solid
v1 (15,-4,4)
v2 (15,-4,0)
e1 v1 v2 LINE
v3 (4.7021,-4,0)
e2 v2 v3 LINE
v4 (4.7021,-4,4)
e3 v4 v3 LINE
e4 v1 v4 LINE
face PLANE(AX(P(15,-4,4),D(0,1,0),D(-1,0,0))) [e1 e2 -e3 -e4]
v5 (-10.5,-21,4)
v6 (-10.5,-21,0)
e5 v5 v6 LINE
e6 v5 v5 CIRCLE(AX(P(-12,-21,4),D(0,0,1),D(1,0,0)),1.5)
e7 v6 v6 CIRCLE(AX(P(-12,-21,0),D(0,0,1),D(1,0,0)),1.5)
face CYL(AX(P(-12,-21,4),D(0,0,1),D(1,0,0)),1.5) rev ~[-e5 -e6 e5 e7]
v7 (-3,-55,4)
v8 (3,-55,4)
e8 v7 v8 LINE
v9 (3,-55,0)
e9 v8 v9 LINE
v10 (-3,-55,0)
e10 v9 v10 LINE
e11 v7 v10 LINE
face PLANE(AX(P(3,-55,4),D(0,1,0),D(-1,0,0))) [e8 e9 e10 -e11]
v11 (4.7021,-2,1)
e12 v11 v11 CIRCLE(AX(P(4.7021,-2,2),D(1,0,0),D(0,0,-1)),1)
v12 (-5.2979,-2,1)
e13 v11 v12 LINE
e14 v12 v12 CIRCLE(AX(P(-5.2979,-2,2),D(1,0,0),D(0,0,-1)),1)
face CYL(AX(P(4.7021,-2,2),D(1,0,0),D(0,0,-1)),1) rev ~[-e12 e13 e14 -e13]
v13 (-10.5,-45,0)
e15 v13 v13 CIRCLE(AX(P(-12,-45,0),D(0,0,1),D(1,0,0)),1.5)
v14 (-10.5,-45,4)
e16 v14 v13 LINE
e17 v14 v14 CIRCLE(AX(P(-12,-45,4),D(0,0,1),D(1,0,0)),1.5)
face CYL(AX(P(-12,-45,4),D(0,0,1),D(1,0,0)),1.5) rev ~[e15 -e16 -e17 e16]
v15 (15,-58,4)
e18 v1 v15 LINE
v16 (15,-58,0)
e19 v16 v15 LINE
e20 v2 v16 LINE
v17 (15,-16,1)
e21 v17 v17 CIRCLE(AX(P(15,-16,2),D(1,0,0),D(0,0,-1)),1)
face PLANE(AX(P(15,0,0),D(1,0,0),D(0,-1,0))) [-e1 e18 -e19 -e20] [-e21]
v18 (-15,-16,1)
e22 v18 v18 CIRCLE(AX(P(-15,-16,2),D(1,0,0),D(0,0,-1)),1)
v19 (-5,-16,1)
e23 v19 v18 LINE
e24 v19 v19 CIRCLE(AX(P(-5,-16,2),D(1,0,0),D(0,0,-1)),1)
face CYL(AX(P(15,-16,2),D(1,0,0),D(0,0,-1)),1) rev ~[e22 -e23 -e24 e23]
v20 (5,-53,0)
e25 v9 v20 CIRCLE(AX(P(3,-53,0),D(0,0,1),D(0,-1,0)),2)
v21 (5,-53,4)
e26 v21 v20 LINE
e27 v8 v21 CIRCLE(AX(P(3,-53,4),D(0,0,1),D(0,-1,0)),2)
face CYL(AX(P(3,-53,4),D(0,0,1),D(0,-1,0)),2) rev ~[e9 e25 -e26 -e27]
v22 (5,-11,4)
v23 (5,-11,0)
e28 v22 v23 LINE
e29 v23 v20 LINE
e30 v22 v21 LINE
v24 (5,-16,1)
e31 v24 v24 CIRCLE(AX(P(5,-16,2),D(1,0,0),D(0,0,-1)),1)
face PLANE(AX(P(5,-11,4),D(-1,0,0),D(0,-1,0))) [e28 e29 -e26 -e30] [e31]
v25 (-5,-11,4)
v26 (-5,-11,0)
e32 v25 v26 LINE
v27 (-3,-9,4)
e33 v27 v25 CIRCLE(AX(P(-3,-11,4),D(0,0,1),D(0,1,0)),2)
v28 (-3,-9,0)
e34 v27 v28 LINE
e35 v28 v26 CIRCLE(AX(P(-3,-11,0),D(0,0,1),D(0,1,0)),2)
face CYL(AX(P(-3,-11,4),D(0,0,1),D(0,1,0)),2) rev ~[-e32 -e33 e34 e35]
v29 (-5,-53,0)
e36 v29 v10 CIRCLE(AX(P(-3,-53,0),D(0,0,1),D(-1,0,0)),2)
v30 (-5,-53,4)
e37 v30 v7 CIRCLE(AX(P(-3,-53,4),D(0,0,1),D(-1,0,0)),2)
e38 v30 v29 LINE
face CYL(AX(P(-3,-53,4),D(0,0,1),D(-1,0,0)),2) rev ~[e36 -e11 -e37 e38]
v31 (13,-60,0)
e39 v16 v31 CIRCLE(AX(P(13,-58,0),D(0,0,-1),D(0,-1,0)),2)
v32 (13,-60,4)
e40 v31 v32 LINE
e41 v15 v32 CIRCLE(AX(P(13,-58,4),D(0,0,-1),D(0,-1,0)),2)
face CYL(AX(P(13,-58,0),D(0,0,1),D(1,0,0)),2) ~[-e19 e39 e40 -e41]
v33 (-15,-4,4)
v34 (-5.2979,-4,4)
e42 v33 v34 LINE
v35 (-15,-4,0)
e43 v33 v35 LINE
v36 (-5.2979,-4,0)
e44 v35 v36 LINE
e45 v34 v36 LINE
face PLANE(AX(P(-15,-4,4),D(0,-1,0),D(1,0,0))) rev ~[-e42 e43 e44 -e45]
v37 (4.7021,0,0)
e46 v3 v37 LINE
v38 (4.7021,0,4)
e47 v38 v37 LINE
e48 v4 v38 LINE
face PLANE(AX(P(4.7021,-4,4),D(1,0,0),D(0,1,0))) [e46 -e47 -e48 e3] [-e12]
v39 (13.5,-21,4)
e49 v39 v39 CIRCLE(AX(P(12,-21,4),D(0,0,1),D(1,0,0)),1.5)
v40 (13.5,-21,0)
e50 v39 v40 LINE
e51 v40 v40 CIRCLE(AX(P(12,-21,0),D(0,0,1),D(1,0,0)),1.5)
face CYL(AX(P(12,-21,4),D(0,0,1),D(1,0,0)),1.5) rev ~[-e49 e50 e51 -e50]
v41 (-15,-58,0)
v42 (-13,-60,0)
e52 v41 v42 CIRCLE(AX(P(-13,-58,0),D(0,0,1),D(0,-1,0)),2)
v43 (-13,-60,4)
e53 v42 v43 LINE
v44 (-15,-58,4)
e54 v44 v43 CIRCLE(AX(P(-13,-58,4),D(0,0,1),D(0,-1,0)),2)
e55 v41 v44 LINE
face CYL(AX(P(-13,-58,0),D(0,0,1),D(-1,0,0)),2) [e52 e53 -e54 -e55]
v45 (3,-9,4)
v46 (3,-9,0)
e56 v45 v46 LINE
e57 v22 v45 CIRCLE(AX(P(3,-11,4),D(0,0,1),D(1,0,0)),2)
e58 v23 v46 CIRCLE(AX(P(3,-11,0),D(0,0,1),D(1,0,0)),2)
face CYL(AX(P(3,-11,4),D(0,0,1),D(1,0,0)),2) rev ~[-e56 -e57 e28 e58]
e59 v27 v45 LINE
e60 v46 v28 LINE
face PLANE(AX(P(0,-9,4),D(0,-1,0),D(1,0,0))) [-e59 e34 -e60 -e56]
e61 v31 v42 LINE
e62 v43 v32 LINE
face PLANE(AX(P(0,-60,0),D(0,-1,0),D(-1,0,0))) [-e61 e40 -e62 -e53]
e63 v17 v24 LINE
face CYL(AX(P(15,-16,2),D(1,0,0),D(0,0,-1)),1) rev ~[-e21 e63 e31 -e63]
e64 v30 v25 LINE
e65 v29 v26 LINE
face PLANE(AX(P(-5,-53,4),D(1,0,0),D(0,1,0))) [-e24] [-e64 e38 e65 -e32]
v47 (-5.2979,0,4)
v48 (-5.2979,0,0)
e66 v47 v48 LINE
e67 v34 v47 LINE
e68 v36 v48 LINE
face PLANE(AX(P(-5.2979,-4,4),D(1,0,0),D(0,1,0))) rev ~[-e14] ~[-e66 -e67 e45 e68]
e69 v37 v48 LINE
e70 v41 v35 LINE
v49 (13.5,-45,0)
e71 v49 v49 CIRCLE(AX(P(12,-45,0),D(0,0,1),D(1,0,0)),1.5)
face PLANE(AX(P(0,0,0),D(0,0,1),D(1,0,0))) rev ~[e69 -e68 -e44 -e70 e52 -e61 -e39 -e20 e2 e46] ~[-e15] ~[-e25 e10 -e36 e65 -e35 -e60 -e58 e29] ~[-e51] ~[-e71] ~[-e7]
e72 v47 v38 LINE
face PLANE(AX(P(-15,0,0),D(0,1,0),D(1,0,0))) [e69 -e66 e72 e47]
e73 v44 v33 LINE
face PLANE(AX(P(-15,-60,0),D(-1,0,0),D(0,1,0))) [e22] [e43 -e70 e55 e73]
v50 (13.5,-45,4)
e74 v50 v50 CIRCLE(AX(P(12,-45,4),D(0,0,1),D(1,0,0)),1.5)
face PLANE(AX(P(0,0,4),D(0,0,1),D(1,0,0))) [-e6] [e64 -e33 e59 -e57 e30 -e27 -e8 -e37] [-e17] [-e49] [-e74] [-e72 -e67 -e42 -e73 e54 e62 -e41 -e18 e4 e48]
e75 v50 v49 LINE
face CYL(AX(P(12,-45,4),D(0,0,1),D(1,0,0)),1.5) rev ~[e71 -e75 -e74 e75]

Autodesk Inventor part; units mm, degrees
ref_plane "YZ Plane" through (0, 0, 0) normal (1, 0, 0) x (0, 1, 0)
ref_plane "XZ Plane" through (0, 0, 0) normal (0, 1, 0) x (-1, 0, 0)
ref_plane "XY Plane" through (0, 0, 0) normal (0, 0, 1) x (1, 0, 0)
sketch "Sketch1" plane through (0, 0, 0) normal (0, 0, 1) x (1, 0, 0)
  line L0 (-15, 0) -> (15, 0)
  line L1 (15, 0) -> (15, -60)
  line L2 (15, -60) -> (-15, -60)
  line L3 (-15, -60) -> (-15, 0)
  line L4 (-21, 0) -> (21, 0) projected
  line L5 (0, -72) -> (0, 12) projected
  point P0 (0, 0)
  dimension "d0" = 30
  dimension "d1" = 60
  dimension "d4" = 15
extrude "Extrusion1" add sketch "Sketch1" along normal blind 4
sketch "Sketch2" plane through (0, 0, 4) normal (0, 0, 1) x (1, 0, 0)
  line L0 (15, 0) -> (-15, 0) projected
  line L1 (-15, 0) -> (-15, -60) projected
  line L2 (-15, -60) -> (15, -60) projected
  line L3 (15, -60) -> (15, 0) projected
  line L4 (0, -72) -> (0, 12) projected
  circle A0 centre (-12, -21) radius 1.5
  circle A1 centre (-12, -45) radius 1.5
  circle A2 centre (12, -21) radius 1.5
  circle A3 centre (12, -45) radius 1.5
  line L5 (15, 0) -> (-15, 0) projected
  line L6 (15, -60) -> (15, 0) projected
  line L7 (4.7021, 0) -> (15, 0)
  line L8 (15, 0) -> (15, -4)
  line L9 (15, -4) -> (4.7021, -4)
  line L10 (4.7021, -4) -> (4.7021, 0)
  line L11 (-15, 0) -> (-15, -60) projected
  line L12 (-5.2979, 0) -> (-15, 0)
  line L13 (-15, 0) -> (-15, -4)
  line L14 (-15, -4) -> (-5.2979, -4)
  line L15 (-5.2979, -4) -> (-5.2979, 0)
  line L16 (-3, -9) -> (3, -9)
  line L17 (5, -11) -> (5, -53)
  line L18 (3, -55) -> (-3, -55)
  line L19 (-5, -53) -> (-5, -11)
  arc A4 (-3, -9) -> (-5, -11) centre (-3, -11) ccw
  arc A5 (5, -11) -> (3, -9) centre (3, -11) ccw
  arc A6 (3, -55) -> (5, -53) centre (3, -53) ccw
  arc A7 (-5, -53) -> (-3, -55) centre (-3, -53) ccw
  point P0 (0, 0)
  dimension "d5" = 3
  dimension "d6" = 12
  dimension "d7" = 3
  dimension "d8" = 12
  dimension "d9" = 24
  dimension "d10" = 15
  dimension "d13" = 4
  dimension "d14" = 10
  dimension "d15" = 5
  dimension "d16" = 10
  dimension "d18" = 5
  dimension "d19" = 2
  dimension "d28" = 10
extrude "Extrusion2" cut sketch "Sketch2" against normal blind 4 contours L3 L9 L10 L0 | L15 L14 L1 L0 | L16 A5 L17 A6 L18 L4 | L4 L18 A7 L19 A4 L16 | A0 | A1 | A2 | A3
sketch "Sketch3" plane through (0, 0, 4) normal (0, 0, 1) x (1, 0, 0)
  point P0 (0, 0)
fillet "Fillet1" radius 2 2 edges at (15, -60, 2) (-15, -60, 2)
sketch "Sketch4" plane through (4.7021, -4, 4) normal (1, 0, 0) x (0, 0, -1)
  line L0 (0, 0) -> (0, 4) projected
  line L1 (0, 0) -> (4, 0) projected
  line L2 (4, 4) -> (4, 0) projected
  line L3 (0, 4) -> (4, 4) projected
  line L4 (0, 0) -> (4, 0) projected
  line L5 (2, 0) -> (2, 4) construction
  line L6 (0, 4) -> (4, 4) projected
  circle A0 centre (2, 2) radius 1
  dimension "d21" = 2
extrude "Extrusion3" cut sketch "Sketch4" against normal through all contours A0
sketch "Sketch5" plane through (15, -4, 4) normal (1, 0, 0) x (0, 0, -1)
  line L0 (4, -54) -> (0, -54) projected
  line L1 (4, 0) -> (4, -54) projected
  line L2 (4, 0) -> (0, 0) projected
  line L3 (0, -54) -> (0, 0) projected
  circle A0 centre (2, 2) radius 1 projected
  circle A1 centre (2, 2) radius 1 projected
  line L4 (2, 2) -> (2, -25.9382) construction
  circle A2 centre (2, -12) radius 1
  point P0 (4, 4)
  dimension "d24" = 2
  dimension "d25" = 14
extrude "Extrusion4" cut sketch "Sketch5" against normal through all contours A2
equation "\"d4\" = 0.5 * d0"
properties part number "BallBalancing_MotorPlate"
